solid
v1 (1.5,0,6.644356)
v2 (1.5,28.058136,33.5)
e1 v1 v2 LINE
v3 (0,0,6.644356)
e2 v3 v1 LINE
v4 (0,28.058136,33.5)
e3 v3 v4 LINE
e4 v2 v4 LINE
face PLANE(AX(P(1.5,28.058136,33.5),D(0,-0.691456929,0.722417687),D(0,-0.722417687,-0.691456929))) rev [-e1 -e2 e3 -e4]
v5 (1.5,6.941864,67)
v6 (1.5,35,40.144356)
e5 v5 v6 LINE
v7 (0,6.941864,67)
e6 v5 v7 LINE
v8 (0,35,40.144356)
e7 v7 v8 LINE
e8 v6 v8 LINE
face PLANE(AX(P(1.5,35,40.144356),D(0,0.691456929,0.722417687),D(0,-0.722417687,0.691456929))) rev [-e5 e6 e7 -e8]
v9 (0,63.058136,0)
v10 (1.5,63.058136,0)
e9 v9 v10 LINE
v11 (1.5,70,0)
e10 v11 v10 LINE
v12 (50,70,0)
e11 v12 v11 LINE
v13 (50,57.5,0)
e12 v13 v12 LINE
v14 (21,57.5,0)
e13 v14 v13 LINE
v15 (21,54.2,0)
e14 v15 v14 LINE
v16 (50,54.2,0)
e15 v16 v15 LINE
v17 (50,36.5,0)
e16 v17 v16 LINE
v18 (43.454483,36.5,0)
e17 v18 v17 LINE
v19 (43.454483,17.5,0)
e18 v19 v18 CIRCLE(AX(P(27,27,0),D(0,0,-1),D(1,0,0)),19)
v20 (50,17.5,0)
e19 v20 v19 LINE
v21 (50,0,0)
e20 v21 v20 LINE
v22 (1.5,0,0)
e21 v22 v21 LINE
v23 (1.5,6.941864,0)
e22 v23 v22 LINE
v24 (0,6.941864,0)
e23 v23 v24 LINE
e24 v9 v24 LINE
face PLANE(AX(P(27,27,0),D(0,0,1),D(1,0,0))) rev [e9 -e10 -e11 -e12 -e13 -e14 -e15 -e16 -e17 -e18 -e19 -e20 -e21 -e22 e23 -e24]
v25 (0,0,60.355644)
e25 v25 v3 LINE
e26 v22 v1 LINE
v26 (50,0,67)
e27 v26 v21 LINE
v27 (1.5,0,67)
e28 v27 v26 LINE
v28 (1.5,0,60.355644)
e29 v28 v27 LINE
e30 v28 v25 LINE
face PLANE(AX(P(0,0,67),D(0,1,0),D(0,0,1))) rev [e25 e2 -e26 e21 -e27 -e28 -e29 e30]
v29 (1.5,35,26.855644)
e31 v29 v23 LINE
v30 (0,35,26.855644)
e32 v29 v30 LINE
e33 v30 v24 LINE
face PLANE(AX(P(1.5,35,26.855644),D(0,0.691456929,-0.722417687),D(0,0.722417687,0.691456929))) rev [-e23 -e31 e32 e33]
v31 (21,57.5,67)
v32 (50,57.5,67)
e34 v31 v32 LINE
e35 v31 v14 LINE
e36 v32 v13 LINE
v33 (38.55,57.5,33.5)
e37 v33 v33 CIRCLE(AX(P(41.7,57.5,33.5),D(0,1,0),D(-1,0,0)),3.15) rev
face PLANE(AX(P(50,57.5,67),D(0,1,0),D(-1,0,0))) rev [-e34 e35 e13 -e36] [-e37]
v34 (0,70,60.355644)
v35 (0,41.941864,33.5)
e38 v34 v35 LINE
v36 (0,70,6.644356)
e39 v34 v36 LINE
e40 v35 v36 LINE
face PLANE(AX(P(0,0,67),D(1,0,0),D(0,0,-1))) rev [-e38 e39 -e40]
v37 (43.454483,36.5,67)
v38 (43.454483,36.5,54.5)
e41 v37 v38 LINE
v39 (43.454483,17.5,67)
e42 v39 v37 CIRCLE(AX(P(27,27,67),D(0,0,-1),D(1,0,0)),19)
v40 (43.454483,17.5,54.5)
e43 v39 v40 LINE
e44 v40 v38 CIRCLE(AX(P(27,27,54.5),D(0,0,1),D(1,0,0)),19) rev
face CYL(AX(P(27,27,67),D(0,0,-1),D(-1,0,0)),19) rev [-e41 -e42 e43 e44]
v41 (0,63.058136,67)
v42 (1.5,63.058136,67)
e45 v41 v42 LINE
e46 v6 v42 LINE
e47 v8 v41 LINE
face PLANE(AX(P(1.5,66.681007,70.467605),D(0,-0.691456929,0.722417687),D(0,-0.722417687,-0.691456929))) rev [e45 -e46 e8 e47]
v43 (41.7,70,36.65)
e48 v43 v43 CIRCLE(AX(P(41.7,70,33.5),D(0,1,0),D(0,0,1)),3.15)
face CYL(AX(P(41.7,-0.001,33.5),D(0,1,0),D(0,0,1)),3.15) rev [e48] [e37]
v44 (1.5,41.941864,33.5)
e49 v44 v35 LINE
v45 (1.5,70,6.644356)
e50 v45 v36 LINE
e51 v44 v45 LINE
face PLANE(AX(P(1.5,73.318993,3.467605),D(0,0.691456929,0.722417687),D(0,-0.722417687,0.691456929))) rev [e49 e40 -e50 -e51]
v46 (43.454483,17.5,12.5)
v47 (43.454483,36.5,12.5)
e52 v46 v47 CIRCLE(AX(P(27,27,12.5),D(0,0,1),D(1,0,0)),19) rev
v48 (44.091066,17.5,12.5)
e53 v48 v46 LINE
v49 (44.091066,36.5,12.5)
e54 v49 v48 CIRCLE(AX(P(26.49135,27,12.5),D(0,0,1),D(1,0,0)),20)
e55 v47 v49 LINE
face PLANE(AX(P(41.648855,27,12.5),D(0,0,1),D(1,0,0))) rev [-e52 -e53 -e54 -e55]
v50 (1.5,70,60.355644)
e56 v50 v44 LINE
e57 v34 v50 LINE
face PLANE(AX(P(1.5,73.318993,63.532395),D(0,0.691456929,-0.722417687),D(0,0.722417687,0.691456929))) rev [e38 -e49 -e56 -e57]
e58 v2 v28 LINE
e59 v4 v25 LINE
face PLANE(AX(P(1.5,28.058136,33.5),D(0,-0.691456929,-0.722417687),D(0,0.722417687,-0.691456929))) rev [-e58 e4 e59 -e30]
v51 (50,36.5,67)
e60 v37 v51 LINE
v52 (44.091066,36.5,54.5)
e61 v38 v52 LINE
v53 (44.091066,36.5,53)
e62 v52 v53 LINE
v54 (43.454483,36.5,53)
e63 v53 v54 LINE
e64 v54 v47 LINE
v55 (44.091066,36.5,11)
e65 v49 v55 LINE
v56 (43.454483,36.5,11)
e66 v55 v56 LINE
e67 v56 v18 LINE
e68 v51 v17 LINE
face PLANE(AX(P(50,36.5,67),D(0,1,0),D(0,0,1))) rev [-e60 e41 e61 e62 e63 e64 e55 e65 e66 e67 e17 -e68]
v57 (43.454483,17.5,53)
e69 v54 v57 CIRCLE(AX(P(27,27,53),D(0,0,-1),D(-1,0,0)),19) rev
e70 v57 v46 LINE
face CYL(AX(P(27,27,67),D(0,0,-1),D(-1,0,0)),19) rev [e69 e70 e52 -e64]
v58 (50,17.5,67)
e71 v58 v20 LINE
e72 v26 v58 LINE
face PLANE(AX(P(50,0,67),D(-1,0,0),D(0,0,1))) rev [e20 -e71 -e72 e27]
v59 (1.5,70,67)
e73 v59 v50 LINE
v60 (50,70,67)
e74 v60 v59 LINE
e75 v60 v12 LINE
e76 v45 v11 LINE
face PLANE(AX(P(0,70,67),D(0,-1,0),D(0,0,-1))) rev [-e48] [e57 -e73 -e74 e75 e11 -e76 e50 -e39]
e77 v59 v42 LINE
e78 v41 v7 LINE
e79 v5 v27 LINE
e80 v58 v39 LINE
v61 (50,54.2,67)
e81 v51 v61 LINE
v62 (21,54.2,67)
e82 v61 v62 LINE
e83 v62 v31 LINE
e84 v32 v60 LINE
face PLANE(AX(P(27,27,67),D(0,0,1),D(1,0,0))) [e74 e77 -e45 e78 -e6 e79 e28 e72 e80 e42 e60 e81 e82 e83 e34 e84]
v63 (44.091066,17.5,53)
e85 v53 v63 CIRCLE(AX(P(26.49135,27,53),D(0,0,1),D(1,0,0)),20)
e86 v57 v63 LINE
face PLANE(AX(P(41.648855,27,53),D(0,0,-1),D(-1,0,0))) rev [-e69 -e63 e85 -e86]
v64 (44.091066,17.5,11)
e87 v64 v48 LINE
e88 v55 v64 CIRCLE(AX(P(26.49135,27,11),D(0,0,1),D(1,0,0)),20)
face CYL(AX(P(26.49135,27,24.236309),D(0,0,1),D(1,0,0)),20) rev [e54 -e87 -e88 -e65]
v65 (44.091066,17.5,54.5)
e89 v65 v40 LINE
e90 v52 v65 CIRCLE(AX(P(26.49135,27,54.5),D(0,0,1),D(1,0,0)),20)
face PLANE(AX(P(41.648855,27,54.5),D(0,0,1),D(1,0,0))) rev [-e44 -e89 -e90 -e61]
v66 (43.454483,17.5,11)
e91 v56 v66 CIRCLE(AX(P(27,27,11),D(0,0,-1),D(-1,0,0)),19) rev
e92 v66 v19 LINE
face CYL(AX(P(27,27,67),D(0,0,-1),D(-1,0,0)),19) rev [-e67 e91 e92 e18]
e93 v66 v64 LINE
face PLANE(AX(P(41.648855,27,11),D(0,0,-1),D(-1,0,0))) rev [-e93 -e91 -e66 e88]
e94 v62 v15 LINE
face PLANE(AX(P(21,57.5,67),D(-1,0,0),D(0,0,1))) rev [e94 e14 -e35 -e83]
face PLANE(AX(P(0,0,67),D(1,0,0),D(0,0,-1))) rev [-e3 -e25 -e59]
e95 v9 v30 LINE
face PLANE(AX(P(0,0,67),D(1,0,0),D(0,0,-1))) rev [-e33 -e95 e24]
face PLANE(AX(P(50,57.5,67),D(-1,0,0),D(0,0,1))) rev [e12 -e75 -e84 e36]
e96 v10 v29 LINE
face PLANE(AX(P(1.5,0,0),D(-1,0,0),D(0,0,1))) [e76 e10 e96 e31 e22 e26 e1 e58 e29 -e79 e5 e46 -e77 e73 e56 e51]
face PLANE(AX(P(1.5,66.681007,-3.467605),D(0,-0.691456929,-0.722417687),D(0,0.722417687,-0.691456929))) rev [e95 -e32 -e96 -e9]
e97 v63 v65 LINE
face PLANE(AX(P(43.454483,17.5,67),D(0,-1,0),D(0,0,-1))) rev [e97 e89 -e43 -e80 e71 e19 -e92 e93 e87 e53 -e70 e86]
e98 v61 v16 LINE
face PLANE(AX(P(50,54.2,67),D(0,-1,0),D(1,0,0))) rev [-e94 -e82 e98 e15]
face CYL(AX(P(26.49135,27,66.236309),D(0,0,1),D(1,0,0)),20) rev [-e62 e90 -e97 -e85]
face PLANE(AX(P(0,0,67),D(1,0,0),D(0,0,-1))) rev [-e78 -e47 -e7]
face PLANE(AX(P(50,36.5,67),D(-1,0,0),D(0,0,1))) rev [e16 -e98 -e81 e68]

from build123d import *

# Parameters (mm, degrees)
BOSS_EXTRU_1_DEPTH         = 67
ENL_V_MAT_EXTRU_1_REACH    = 111.037
ESQUISSE2_R                = 3.15
ENL_V_MAT_EXTRU_3_DEPTH    = 1.5
ESQUISSE12_W               = 4.842495097
ESQUISSE12_H               = 1.5
R_P_TITION_LIN_AIRE1_COUNT = 2
R_P_TITION_LIN_AIRE1_PITCH = 42


with BuildPart() as part:
    # Esquisse1 → Boss.-Extru.1 (new body)
    with BuildSketch(Plane.XY):
        with BuildLine():
            Line((0, 0), (50, 0))
            Line((50, 0), (50, 17.5))
            Line((50, 17.5), (43.454482672, 17.5))
            ThreePointArc((43.454482672, 17.5), (8, 27), (43.454482672, 36.5))
            Line((43.454482672, 36.5), (50, 36.5))
            Line((50, 36.5), (50, 54.2))
            Line((50, 54.2), (21, 54.2))
            Line((21, 54.2), (21, 57.5))
            Line((21, 57.5), (50, 57.5))
            Line((50, 57.5), (50, 70))
            Line((50, 70), (0, 70))
            Line((0, 70), (0, 0))
        make_face()
    extrude(amount=BOSS_EXTRU_1_DEPTH)

    # Esquisse2 → Enlèv. mat.-Extru.1 (cut, up to next)
    with BuildSketch(Plane(origin=(0, 70, 0), x_dir=(1, 0, 0), z_dir=(0, 1, 0)), mode=Mode.PRIVATE) as enl_v_mat_extru_1_sk1:
        with Locations(Location((41.7, -33.5, 0), (0, 0, 270))):
            Circle(ESQUISSE2_R)
    enl_v_mat_extru_1_tool1 = extrude(enl_v_mat_extru_1_sk1.sketch, amount=-ENL_V_MAT_EXTRU_1_REACH, mode=Mode.PRIVATE) & part.part
    add(enl_v_mat_extru_1_tool1.solids().sort_by_distance((41.7, 70, 33.5))[0], mode=Mode.SUBTRACT)

    # Esquisse8 → Enlèv. mat.-Extru.3 (cut)
    with BuildSketch(Plane.ZY):
        Polygon((63.532395101, 73.318993261), (33.5, 41.941864051), (3.467604899, 73.318993261), (-3.467604899, 66.681006739), (26.855644409, 35), (-3.467604899, 3.318993261), (3.467604899, -3.318993261), (33.5, 28.058135949), (63.532395101, -3.318993261), (70.467604899, 3.318993261), (40.144355591, 35), (70.467604899, 66.681006739), align=None)
    extrude(amount=-ENL_V_MAT_EXTRU_3_DEPTH, mode=Mode.SUBTRACT)

    # Esquisse12 → Enlèvement de matière-Révolution2 (revolve, cut)
    with BuildSketch(Plane(origin=(0, 27, 0), x_dir=(1, 0, 0), z_dir=(0, 1, 0))):
        with Locations((44.070102797, -53.75)):
            Rectangle(ESQUISSE12_W, ESQUISSE12_H)
    enl_vement_de_mati_re_r_volution2 = revolve(axis=Axis((26.491350346, 27, 66.236309337), (0, 0, -1)), mode=Mode.SUBTRACT)

    # Répétition linéaire1: Enlèvement de matière-Révolution2 ×2
    with Locations(*[(0, 0, -i * R_P_TITION_LIN_AIRE1_PITCH) for i in range(1, R_P_TITION_LIN_AIRE1_COUNT)]):
        add(enl_vement_de_mati_re_r_volution2, mode=Mode.SUBTRACT)


solid = part.part
